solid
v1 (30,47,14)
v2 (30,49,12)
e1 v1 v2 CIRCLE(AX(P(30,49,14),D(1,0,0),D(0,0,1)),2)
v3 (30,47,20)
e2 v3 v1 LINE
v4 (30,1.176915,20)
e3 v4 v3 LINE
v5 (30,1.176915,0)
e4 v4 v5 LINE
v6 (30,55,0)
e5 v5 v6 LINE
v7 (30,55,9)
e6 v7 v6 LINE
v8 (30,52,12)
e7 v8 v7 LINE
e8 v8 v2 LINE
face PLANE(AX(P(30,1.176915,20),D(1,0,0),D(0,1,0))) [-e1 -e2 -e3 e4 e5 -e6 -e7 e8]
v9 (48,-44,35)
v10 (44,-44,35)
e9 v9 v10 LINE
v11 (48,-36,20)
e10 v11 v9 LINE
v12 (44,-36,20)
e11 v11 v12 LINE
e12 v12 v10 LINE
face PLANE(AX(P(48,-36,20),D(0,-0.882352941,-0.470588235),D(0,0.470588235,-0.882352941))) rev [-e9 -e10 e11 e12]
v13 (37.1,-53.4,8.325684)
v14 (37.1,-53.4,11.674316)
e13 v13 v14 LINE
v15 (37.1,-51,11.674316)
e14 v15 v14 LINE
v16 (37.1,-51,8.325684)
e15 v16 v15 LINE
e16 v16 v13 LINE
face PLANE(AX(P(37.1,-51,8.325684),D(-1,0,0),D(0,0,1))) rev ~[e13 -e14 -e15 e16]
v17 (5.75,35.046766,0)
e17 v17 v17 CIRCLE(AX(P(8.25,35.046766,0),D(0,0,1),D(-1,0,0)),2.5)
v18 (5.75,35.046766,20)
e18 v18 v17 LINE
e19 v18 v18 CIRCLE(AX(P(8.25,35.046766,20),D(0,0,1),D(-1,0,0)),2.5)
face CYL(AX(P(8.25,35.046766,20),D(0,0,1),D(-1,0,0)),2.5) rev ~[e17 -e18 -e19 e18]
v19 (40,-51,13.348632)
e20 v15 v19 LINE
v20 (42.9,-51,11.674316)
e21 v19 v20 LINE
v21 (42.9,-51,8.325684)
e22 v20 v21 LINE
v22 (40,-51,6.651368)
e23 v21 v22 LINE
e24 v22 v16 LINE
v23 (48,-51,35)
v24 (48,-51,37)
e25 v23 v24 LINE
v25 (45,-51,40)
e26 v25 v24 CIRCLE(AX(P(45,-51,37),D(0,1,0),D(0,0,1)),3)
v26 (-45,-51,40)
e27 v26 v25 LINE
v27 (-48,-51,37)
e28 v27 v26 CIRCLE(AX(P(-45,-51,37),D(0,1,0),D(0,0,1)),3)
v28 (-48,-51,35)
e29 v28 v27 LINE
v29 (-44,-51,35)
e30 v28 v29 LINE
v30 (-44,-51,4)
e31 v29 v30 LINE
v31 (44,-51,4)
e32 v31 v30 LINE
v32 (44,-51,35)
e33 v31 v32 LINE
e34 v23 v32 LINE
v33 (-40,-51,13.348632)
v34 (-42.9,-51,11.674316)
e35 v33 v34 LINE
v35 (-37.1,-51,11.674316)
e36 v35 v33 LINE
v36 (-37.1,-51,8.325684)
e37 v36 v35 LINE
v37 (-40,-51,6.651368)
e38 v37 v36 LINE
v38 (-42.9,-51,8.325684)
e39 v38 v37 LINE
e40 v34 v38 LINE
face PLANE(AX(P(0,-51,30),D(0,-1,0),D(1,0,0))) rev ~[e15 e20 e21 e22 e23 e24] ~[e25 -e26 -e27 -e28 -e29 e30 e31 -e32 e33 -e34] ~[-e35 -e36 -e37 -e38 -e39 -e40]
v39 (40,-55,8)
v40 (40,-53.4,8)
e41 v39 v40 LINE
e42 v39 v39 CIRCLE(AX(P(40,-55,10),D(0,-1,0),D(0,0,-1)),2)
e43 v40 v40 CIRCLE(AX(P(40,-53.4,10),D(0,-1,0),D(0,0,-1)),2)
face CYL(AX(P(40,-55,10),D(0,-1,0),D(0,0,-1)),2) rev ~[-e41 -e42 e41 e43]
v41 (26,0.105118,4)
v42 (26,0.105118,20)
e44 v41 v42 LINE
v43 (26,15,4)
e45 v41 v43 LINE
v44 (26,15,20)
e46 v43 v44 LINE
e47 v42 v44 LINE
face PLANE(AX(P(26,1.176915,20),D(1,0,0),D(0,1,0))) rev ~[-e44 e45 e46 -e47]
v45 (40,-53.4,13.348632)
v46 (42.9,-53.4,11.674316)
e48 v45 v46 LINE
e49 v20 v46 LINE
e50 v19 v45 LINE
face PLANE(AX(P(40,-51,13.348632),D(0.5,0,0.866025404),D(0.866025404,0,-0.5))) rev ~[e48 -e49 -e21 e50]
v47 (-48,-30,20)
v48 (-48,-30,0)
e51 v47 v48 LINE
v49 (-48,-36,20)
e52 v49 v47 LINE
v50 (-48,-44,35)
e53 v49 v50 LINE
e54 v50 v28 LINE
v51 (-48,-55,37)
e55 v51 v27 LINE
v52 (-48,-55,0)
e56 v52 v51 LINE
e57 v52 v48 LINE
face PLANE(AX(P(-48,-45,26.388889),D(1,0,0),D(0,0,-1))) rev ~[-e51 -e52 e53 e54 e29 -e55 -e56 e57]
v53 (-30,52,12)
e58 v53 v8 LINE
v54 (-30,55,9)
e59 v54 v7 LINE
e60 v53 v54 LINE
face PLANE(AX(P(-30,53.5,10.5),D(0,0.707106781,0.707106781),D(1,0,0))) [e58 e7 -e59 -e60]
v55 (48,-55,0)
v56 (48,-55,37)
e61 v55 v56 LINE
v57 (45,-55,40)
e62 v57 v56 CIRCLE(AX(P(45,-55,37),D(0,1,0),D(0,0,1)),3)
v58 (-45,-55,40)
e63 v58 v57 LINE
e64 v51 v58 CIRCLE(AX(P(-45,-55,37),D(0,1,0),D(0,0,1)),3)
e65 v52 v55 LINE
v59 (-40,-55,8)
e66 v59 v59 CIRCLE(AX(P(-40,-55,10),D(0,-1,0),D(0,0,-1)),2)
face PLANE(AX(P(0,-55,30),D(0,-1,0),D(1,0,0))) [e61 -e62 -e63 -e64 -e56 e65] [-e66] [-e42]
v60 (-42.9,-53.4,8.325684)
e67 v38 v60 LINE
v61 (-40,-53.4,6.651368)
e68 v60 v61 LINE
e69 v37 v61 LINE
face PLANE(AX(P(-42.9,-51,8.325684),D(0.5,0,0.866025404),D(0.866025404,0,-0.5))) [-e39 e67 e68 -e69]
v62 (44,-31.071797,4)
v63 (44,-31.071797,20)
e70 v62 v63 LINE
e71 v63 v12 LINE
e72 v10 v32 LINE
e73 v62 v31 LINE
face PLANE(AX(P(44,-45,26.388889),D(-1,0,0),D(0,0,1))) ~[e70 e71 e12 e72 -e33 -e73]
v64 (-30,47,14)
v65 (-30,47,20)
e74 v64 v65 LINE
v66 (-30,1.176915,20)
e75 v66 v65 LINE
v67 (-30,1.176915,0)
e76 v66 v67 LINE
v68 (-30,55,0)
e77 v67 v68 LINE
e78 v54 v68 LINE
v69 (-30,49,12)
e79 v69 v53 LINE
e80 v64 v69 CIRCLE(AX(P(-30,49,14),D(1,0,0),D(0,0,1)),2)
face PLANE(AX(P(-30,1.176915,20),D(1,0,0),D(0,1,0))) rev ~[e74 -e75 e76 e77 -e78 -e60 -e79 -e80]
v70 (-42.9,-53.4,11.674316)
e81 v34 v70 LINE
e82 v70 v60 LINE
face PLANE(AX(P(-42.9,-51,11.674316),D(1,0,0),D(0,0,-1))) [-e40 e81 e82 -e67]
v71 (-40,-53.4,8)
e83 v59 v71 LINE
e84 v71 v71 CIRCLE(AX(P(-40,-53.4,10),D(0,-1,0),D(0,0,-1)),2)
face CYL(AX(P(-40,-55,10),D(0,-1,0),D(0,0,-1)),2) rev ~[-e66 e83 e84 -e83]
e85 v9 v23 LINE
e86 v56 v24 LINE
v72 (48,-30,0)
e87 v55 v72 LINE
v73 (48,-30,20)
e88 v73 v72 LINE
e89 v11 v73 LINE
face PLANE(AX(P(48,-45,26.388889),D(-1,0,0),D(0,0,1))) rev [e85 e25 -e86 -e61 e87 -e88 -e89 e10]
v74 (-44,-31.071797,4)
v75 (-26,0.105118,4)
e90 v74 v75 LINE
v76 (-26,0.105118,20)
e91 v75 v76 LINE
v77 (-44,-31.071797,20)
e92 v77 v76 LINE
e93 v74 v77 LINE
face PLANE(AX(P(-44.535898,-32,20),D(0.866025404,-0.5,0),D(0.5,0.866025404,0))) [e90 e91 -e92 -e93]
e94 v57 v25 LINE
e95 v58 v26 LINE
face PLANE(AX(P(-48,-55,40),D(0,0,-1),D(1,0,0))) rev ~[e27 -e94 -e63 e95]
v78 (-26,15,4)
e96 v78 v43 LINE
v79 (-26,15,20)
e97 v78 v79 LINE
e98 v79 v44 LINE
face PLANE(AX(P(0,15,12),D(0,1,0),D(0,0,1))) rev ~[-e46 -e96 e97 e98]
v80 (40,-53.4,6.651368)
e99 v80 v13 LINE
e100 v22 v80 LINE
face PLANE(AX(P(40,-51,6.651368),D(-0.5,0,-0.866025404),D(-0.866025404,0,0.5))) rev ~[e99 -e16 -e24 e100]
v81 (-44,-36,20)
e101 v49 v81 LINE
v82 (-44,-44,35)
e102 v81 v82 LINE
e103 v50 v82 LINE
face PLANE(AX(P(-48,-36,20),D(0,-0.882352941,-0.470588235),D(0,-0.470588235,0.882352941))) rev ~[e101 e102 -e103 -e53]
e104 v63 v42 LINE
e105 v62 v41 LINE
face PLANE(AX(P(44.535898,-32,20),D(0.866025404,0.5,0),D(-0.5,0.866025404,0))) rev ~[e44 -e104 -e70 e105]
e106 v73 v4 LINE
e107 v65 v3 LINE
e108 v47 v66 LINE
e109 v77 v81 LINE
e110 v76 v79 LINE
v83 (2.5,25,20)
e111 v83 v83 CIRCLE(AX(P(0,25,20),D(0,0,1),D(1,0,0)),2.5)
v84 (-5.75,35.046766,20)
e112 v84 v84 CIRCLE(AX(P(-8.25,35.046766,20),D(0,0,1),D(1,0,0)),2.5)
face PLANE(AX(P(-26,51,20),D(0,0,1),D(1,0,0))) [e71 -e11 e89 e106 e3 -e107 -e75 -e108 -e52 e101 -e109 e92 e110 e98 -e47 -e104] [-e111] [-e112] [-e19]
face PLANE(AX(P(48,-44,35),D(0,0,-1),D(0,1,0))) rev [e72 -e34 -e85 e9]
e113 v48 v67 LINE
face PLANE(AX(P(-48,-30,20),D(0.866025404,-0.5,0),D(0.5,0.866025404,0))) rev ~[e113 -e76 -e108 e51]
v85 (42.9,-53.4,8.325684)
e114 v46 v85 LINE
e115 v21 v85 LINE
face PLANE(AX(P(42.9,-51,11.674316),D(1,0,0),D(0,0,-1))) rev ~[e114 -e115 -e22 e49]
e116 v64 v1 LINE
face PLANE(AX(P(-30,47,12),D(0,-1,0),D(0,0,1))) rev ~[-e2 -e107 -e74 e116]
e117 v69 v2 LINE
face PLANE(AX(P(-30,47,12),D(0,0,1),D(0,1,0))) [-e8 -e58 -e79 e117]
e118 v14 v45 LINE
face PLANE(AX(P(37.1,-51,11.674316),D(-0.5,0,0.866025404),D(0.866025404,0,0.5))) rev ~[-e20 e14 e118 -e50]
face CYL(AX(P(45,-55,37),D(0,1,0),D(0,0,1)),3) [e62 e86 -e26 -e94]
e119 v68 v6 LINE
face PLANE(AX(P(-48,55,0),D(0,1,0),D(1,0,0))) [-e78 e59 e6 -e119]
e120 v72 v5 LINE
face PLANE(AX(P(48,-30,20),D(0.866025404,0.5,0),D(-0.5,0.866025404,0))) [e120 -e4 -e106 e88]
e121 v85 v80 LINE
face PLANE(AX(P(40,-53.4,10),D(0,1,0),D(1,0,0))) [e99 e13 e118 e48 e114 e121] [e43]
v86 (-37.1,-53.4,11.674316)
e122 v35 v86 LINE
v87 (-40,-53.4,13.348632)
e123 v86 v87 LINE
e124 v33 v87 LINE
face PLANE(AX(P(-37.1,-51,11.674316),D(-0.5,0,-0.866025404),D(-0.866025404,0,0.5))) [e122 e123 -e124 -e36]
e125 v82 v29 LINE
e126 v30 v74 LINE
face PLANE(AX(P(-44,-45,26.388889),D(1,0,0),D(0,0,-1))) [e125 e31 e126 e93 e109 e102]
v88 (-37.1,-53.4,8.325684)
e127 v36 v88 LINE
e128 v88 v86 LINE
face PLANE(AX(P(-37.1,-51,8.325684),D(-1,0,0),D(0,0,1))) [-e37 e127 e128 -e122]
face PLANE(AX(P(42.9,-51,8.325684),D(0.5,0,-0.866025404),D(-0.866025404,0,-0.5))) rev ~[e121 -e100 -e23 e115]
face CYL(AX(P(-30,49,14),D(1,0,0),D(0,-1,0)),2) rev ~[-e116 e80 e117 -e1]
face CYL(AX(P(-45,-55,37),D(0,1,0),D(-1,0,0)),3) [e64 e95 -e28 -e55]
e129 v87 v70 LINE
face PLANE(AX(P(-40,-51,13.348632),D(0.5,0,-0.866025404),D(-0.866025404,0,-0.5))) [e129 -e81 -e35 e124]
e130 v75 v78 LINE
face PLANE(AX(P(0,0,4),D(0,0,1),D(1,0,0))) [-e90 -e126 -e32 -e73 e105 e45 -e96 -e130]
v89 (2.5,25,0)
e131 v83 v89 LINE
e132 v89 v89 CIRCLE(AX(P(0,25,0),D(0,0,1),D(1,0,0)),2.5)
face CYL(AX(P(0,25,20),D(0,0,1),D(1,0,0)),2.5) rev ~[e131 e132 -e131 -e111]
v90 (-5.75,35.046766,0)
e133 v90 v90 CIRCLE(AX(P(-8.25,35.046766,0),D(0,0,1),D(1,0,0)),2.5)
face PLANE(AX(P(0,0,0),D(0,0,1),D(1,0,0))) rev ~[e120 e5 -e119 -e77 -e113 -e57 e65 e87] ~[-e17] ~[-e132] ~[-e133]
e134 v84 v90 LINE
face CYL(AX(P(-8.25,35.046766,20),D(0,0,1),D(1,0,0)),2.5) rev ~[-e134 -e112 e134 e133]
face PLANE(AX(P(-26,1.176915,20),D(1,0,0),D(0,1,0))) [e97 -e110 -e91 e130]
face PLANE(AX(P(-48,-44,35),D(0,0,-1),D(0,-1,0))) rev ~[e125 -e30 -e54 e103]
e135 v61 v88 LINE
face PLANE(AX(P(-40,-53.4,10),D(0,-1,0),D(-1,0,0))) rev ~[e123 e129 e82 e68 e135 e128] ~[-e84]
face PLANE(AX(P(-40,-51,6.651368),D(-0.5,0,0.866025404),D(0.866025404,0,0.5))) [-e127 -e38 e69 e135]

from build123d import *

# Parameters (mm, degrees)
SKETCH_1_W                 = 96
SKETCH_1_H                 = 110
EXTRUDE_1_DEPTH            = 20
CUT_EXTRUDE_1_DEPTH        = 20
SHELL_1_T                  = -4
SHELL_1_THICKNESS_2_FACE_W = 16
SHELL_1_THICKNESS_2_FACE_H = 52
SHELL_1_THICKNESS_2_DEPTH  = 36
CUT_EXTRUDE_2_REACH        = 123.672
SKETCH_3_R                 = 2
CUT_EXTRUDE_3_REACH        = 77.69
SKETCH_5_R                 = 2.5
SKETCH_6_W                 = 96
SKETCH_6_H                 = 20
EXTRUDE_2_DEPTH            = 4
EXTRUDE_3_DEPTH            = 4
FILLET_1_R                 = 3
CUT_EXTRUDE_4_DEPTH        = 2.4
SKETCH_10_W                = 8
SKETCH_10_H                = 8
CUT_EXTRUDE_5_DEPTH        = 104.484298326
FILLET_2_R                 = 2
CHAMFER_1_SIZE             = 3


with BuildPart() as part:
    # 草图1 → 凸台-拉伸1 (new body)
    with BuildSketch(Plane.XY):
        Rectangle(SKETCH_1_W, SKETCH_1_H)
    extrude(amount=EXTRUDE_1_DEPTH)

    # 草图2 → 切除-拉伸1 (cut)
    with BuildSketch(Plane.XY.offset(20)):
        Polygon((-48, -30), (-30, 1.176914536), (-30, 55), (-48, 55), align=None)
        Polygon((48, 55), (48, -30), (30, 1.176914536), (30, 55), align=None)
    extrude(amount=-CUT_EXTRUDE_1_DEPTH, mode=Mode.SUBTRACT)

    # 抽壳1
    shell_1_openings = [part.faces().sort_by_distance(p)[0] for p in [
        (0, -6.109962386, 20),
    ]]
    offset(amount=SHELL_1_T, openings=shell_1_openings, kind=Kind.INTERSECTION)

    # 抽壳1 thickness 2 face (on inner face of the shell) → 抽壳1 thickness 2 (add)
    with BuildSketch(Plane(origin=(0, 51, 12), x_dir=(0, 0, 1), z_dir=(0, 1, 0))):
        Rectangle(SHELL_1_THICKNESS_2_FACE_W, SHELL_1_THICKNESS_2_FACE_H)
    extrude(amount=-SHELL_1_THICKNESS_2_DEPTH)

    # 草图3 → 切除-拉伸2 (cut, up to next)
    with BuildSketch(Plane.XZ.offset(55), mode=Mode.PRIVATE) as cut_extrude_2_sk1:
        with Locations(Location((-40, 10, 0), (0, 0, 270))):
            Circle(SKETCH_3_R)
    cut_extrude_2_tool1 = extrude(cut_extrude_2_sk1.sketch, amount=-CUT_EXTRUDE_2_REACH, mode=Mode.PRIVATE) & part.part
    # 草图3 → 切除-拉伸2 (cut, up to next)
    with BuildSketch(Plane.XZ.offset(55), mode=Mode.PRIVATE) as cut_extrude_2_sk2:
        with Locations(Location((40, 10, 0), (0, 0, 270))):
            Circle(SKETCH_3_R)
    cut_extrude_2_tool2 = extrude(cut_extrude_2_sk2.sketch, amount=-CUT_EXTRUDE_2_REACH, mode=Mode.PRIVATE) & part.part
    add(cut_extrude_2_tool1.solids().sort_by_distance((-40, -55, 10))[0], mode=Mode.SUBTRACT)
    add(cut_extrude_2_tool2.solids().sort_by_distance((40, -55, 10))[0], mode=Mode.SUBTRACT)

    # 草图5 → 切除-拉伸3 (cut, up to next)
    with BuildSketch(Plane.XY.offset(20), mode=Mode.PRIVATE) as cut_extrude_3_sk1:
        with Locations((0, 25)):
            Circle(SKETCH_5_R)
    cut_extrude_3_tool1 = extrude(cut_extrude_3_sk1.sketch, amount=-CUT_EXTRUDE_3_REACH, mode=Mode.PRIVATE) & part.part
    # 草图5 → 切除-拉伸3 (cut, up to next)
    with BuildSketch(Plane.XY.offset(20), mode=Mode.PRIVATE) as cut_extrude_3_sk2:
        with Locations((-8.25, 35.046765649)):
            Circle(SKETCH_5_R)
    cut_extrude_3_tool2 = extrude(cut_extrude_3_sk2.sketch, amount=-CUT_EXTRUDE_3_REACH, mode=Mode.PRIVATE) & part.part
    # 草图5 → 切除-拉伸3 (cut, up to next)
    with BuildSketch(Plane.XY.offset(20), mode=Mode.PRIVATE) as cut_extrude_3_sk3:
        with Locations(Location((8.25, 35.046765649, 0), (0, 0, 180))):
            Circle(SKETCH_5_R)
    cut_extrude_3_tool3 = extrude(cut_extrude_3_sk3.sketch, amount=-CUT_EXTRUDE_3_REACH, mode=Mode.PRIVATE) & part.part
    add(cut_extrude_3_tool1.solids().sort_by_distance((0, 25, 20))[0], mode=Mode.SUBTRACT)
    add(cut_extrude_3_tool2.solids().sort_by_distance((-8.25, 35.046766, 20))[0], mode=Mode.SUBTRACT)
    add(cut_extrude_3_tool3.solids().sort_by_distance((8.25, 35.046766, 20))[0], mode=Mode.SUBTRACT)

    # 草图6 → 凸台-拉伸2 (add)
    with BuildSketch(Plane.XZ.offset(55)):
        with Locations((0, 30)):
            Rectangle(SKETCH_6_W, SKETCH_6_H)
    extrude(amount=-EXTRUDE_2_DEPTH)

    # 草图7 → 凸台-拉伸3 (add)
    with BuildSketch(Plane.ZY.offset(48)):
        Polygon((20, -36), (35, -44), (35, -51), (20, -51), align=None)
    extrude_3 = extrude(amount=-EXTRUDE_3_DEPTH)

    # 镜向1: 凸台-拉伸3 across plane
    add(extrude_3.mirror(Plane(origin=(0, 0, 0), x_dir=(0, 0, 1), z_dir=(1, 0, 0))))

    # 圆角1
    fillet_1_edges = [part.edges().sort_by_distance(p)[0] for p in [
        (-48, -53, 40),
        (48, -53, 40),
    ]]
    fillet(fillet_1_edges, radius=FILLET_1_R)

    # 草图8 → 切除-拉伸4 (cut)
    with BuildSketch(Plane(origin=(0, -51, 0), x_dir=(1, 0, 0), z_dir=(0, 1, 0))):
        Polygon((40, -13.348631561), (42.9, -11.674315781), (42.9, -8.325684219), (40, -6.651368439), (37.1, -8.325684219), (37.1, -11.674315781), align=None)
        Polygon((-37.1, -11.674315781), (-40, -13.348631561), (-42.9, -11.674315781), (-42.9, -8.325684219), (-40, -6.651368439), (-37.1, -8.325684219), align=None)
    extrude(amount=-CUT_EXTRUDE_4_DEPTH, mode=Mode.SUBTRACT)

    # 草图10 → 切除-拉伸5 (cut, through all)
    with BuildSketch(Plane.ZY.offset(30)):
        with Locations((16, 51)):
            Rectangle(SKETCH_10_W, SKETCH_10_H)
    extrude(amount=-CUT_EXTRUDE_5_DEPTH, mode=Mode.SUBTRACT)

    # 圆角2
    fillet_2_edges = [part.edges().sort_by_distance(p)[0] for p in [
        (0, 47, 12),
    ]]
    fillet(fillet_2_edges, radius=FILLET_2_R)

    # 倒角1
    chamfer_1_edges = [part.edges().sort_by_distance(p)[0] for p in [
        (0, 55, 12),
    ]]
    chamfer(chamfer_1_edges, length=CHAMFER_1_SIZE)


solid = part.part
